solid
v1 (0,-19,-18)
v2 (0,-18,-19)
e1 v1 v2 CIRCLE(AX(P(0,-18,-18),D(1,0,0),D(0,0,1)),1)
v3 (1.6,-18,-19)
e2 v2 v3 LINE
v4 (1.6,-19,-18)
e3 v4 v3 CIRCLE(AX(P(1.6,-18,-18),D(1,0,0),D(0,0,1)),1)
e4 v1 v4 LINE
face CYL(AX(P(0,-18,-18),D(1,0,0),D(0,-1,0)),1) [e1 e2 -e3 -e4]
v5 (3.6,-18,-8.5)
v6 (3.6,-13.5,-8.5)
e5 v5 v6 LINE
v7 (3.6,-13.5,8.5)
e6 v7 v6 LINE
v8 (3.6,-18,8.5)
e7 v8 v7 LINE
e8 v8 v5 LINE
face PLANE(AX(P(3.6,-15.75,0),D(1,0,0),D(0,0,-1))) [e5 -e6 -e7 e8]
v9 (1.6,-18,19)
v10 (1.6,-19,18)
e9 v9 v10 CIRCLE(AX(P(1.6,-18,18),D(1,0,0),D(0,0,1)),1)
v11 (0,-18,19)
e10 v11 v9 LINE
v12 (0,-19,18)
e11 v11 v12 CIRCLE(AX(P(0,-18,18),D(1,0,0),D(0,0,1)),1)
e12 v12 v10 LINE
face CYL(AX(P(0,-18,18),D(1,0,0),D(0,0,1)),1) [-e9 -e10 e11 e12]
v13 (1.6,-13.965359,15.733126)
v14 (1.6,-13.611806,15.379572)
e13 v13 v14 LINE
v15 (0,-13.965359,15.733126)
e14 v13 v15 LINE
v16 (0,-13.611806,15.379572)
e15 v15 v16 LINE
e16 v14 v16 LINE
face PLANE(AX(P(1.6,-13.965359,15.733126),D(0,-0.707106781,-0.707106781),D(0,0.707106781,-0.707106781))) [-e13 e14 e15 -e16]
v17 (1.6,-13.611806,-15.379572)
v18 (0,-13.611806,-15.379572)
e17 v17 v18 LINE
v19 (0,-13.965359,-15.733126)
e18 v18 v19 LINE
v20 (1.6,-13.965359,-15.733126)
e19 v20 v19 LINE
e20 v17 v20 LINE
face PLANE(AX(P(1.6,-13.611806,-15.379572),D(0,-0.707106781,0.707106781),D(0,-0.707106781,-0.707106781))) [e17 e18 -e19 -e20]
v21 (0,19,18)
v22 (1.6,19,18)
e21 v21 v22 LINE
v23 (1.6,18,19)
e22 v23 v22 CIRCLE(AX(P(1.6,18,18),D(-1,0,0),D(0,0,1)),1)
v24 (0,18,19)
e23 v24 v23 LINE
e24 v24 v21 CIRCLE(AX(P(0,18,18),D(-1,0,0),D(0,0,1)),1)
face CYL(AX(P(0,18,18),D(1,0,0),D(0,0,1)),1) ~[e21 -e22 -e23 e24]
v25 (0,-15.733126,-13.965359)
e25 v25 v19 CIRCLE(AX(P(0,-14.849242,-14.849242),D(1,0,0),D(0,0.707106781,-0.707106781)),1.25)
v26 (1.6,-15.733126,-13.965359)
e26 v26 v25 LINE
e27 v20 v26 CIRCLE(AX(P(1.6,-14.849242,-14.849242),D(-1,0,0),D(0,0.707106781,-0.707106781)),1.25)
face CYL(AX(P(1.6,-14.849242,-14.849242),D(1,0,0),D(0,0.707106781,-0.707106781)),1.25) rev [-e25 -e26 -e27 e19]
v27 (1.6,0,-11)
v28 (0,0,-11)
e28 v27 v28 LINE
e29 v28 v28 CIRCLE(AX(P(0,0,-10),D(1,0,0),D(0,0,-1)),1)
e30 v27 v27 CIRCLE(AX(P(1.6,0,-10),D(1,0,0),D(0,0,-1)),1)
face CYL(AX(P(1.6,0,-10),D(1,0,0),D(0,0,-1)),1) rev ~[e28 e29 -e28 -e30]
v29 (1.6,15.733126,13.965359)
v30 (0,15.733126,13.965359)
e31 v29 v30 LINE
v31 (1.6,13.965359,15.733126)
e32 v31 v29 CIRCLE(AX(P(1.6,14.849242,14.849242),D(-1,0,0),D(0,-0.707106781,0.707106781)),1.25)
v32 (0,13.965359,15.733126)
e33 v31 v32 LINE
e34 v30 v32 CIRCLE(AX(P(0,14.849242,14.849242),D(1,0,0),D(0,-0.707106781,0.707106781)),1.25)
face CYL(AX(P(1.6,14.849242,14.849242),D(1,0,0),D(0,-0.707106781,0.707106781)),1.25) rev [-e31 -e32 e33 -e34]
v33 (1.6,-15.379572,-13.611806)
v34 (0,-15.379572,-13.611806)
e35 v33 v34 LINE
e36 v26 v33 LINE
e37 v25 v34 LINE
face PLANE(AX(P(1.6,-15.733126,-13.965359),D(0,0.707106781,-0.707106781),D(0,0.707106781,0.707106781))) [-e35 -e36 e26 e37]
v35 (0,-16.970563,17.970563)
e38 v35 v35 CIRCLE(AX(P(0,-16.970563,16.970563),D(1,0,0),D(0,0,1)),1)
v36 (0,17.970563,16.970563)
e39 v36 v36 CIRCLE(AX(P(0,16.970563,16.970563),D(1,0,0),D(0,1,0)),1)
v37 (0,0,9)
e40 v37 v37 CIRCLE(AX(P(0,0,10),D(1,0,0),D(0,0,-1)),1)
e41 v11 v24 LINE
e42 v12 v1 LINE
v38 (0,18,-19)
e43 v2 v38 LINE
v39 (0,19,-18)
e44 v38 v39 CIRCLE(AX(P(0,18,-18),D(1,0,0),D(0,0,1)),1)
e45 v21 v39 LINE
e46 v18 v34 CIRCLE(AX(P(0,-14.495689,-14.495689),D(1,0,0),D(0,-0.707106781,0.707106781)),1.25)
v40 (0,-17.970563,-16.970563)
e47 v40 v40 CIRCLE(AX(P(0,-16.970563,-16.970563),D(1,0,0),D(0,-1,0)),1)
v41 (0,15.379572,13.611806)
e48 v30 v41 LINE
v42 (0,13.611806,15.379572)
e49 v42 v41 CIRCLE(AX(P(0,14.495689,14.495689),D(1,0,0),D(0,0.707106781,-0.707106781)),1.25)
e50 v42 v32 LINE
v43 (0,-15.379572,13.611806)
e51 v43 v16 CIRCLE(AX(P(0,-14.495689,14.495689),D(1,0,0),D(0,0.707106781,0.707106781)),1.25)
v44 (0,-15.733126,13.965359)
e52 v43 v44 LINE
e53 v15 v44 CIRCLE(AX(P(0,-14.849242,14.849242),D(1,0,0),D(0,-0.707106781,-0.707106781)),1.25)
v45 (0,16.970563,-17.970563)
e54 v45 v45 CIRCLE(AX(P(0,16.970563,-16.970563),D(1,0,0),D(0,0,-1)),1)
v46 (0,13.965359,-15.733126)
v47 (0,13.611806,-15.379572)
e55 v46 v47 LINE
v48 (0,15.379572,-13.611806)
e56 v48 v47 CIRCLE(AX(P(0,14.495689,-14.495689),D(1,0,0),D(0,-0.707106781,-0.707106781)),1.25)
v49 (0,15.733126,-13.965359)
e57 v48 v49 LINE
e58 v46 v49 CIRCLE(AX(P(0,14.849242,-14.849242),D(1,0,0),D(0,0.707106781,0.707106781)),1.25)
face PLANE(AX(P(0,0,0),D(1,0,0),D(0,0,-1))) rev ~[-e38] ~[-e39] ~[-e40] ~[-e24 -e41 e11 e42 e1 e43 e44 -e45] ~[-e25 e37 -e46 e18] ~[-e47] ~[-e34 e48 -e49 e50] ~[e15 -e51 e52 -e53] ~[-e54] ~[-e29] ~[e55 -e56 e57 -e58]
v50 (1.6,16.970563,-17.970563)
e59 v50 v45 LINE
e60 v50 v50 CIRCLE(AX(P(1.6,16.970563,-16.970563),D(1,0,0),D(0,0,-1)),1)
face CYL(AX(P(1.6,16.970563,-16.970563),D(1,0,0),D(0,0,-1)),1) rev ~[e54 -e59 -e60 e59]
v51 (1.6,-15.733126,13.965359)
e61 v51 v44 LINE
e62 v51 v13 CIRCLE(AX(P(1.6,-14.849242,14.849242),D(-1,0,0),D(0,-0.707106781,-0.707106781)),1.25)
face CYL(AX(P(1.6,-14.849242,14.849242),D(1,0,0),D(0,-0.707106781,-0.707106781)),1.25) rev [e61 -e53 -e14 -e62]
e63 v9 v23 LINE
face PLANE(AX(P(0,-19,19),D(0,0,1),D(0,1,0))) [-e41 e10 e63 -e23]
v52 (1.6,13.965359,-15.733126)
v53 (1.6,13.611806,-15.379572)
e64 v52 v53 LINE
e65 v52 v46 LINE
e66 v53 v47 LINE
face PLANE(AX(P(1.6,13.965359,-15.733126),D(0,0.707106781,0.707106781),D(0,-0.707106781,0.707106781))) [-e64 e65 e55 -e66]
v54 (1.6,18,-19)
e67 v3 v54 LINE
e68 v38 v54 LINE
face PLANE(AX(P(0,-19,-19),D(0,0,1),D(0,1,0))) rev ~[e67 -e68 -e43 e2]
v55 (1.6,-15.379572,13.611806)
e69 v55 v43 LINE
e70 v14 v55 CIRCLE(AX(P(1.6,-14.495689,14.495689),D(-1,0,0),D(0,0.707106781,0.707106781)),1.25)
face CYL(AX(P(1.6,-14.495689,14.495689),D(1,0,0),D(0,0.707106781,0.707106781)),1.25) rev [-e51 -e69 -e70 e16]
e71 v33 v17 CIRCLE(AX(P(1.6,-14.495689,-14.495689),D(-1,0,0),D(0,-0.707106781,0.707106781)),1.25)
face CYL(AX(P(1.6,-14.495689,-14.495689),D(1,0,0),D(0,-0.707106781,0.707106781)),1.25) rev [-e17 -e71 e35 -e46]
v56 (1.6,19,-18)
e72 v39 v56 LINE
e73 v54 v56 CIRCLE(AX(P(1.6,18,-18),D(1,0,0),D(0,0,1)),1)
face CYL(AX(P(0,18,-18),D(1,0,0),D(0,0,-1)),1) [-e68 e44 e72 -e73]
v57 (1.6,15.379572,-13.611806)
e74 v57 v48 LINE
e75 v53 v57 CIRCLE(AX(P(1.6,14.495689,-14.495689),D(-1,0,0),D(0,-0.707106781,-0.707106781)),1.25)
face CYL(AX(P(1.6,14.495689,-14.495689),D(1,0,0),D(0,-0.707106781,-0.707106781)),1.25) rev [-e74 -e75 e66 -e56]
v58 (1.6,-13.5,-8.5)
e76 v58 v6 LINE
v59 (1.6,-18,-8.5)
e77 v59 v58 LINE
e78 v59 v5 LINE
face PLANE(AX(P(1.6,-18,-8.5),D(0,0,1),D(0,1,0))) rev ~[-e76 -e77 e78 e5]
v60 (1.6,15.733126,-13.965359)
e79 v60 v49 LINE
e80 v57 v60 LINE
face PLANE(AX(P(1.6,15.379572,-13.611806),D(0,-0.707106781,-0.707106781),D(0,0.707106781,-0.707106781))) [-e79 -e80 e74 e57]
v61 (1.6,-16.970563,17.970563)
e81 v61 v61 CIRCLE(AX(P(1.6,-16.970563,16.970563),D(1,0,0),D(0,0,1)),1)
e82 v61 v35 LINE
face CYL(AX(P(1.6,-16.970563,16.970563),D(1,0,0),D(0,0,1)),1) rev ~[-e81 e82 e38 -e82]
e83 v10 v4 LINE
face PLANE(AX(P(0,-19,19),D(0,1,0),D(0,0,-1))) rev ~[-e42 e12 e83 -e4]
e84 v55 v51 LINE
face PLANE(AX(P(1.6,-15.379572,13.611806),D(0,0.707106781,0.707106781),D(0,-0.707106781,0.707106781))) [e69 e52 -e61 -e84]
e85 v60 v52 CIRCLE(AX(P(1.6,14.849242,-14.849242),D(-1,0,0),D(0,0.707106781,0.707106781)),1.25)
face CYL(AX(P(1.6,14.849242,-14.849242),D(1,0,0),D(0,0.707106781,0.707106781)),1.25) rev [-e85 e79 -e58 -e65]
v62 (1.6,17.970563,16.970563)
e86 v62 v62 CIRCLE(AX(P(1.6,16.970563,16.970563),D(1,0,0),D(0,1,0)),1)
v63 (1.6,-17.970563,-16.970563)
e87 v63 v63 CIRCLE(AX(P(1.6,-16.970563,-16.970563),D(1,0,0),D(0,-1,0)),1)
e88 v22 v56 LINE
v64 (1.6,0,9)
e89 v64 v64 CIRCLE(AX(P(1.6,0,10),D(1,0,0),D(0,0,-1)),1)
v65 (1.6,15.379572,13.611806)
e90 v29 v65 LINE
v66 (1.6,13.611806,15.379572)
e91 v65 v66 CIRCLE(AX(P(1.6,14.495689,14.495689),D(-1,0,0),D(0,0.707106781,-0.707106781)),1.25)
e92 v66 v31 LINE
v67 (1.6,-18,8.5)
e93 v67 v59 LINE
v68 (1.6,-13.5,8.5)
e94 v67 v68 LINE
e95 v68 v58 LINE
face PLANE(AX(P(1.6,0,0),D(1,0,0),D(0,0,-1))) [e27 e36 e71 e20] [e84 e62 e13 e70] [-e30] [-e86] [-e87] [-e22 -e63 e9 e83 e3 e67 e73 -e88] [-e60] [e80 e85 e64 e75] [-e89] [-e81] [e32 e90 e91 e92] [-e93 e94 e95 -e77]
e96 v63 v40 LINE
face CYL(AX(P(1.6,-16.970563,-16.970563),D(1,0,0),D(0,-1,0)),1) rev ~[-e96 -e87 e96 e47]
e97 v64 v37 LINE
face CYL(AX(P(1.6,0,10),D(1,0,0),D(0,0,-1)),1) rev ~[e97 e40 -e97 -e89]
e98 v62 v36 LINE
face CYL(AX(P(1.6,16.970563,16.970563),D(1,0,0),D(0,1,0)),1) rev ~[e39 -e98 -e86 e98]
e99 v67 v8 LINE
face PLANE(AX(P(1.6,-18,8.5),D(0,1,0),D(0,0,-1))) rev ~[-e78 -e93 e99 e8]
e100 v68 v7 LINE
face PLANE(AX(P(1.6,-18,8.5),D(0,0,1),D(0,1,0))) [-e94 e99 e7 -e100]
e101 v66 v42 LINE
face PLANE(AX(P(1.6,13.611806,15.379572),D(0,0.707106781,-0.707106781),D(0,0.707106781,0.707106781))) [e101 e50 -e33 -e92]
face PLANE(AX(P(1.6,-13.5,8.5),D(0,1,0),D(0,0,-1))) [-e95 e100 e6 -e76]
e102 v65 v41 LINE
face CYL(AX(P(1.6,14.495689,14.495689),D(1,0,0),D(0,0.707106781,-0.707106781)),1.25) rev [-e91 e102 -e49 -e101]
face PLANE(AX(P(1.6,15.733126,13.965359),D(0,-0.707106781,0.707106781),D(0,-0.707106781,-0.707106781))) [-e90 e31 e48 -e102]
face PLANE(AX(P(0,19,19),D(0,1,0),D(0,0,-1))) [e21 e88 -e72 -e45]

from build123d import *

# Parameters (mm, degrees)
ESQUISSE1_W                  = 38
ESQUISSE1_H                  = 38
BOSS_EXTRU_1_DEPTH           = 1.6
CONG_1_R                     = 1
ESQUISSE2_R                  = 1
ENL_V_MAT_EXTRU_1_DEPTH      = 27.917652201
ESQUISSE3_R                  = 1
ENL_V_MAT_EXTRU_2_DEPTH      = 27.917652201
R_P_TITION_CIRCULAIRE1_COUNT = 4
ESQUISSE4_W                  = 17
ESQUISSE4_H                  = 4.5
BOSS_EXTRU_2_DEPTH           = 2


with BuildPart() as part:
    # Esquisse1 → Boss.-Extru.1 (new body)
    with BuildSketch(Plane(origin=(0, 0, 0), x_dir=(0, 0, -1), z_dir=(1, 0, 0))):
        Rectangle(ESQUISSE1_W, ESQUISSE1_H)
    extrude(amount=BOSS_EXTRU_1_DEPTH)

    # Congé1
    cong_1_edges = [part.edges().sort_by_distance(p)[0] for p in [
        (0.8, -19, 19),
        (0.8, -19, -19),
        (0.8, 19, -19),
        (0.8, 19, 19),
    ]]
    fillet(cong_1_edges, radius=CONG_1_R)

    # Esquisse2 → Enlèv. mat.-Extru.1 (cut, through all)
    with BuildSketch(Plane(origin=(1.6, 0, 0), x_dir=(0, 0, -1), z_dir=(1, 0, 0))):
        with Locations((-10, 0)):
            Circle(ESQUISSE2_R)
        with Locations((10, 0)):
            Circle(ESQUISSE2_R)
    extrude(amount=-ENL_V_MAT_EXTRU_1_DEPTH, mode=Mode.SUBTRACT)

    # Esquisse3 → Enlèv. mat.-Extru.2 (cut, through all)
    with BuildSketch(Plane(origin=(1.6, 0, 0), x_dir=(0, 0, -1), z_dir=(1, 0, 0))):
        with Locations((16.970562748, 16.970562748)):
            Circle(ESQUISSE3_R)
        with BuildLine():
            Line((13.611805538, 15.379572491), (13.965358928, 15.733125881))
            ThreePointArc((13.965358928, 15.733125881), (15.733125881, 15.733125881), (15.733125881, 13.965358928))
            Line((15.733125881, 13.965358928), (15.379572491, 13.611805538))
            ThreePointArc((15.379572491, 13.611805538), (13.611805538, 13.611805538), (13.611805538, 15.379572491))
        make_face()
    enl_v_mat_extru_2 = extrude(amount=-ENL_V_MAT_EXTRU_2_DEPTH, mode=Mode.SUBTRACT)

    # Répétition circulaire1: Enlèv. mat.-Extru.2 ×4 about axis
    r_p_tition_circulaire1_axis = Axis((9.401737049, 0, 0), (-1, 0, 0))
    for i in range(1, R_P_TITION_CIRCULAIRE1_COUNT):
        add(enl_v_mat_extru_2.rotate(r_p_tition_circulaire1_axis, i * 360 / R_P_TITION_CIRCULAIRE1_COUNT), mode=Mode.SUBTRACT)

    # Esquisse4 → Boss.-Extru.2 (add)
    with BuildSketch(Plane(origin=(1.6, 0, 0), x_dir=(0, 0, -1), z_dir=(1, 0, 0))):
        with Locations((0, -15.75)):
            Rectangle(ESQUISSE4_W, ESQUISSE4_H)
    extrude(amount=BOSS_EXTRU_2_DEPTH)


solid = part.part
